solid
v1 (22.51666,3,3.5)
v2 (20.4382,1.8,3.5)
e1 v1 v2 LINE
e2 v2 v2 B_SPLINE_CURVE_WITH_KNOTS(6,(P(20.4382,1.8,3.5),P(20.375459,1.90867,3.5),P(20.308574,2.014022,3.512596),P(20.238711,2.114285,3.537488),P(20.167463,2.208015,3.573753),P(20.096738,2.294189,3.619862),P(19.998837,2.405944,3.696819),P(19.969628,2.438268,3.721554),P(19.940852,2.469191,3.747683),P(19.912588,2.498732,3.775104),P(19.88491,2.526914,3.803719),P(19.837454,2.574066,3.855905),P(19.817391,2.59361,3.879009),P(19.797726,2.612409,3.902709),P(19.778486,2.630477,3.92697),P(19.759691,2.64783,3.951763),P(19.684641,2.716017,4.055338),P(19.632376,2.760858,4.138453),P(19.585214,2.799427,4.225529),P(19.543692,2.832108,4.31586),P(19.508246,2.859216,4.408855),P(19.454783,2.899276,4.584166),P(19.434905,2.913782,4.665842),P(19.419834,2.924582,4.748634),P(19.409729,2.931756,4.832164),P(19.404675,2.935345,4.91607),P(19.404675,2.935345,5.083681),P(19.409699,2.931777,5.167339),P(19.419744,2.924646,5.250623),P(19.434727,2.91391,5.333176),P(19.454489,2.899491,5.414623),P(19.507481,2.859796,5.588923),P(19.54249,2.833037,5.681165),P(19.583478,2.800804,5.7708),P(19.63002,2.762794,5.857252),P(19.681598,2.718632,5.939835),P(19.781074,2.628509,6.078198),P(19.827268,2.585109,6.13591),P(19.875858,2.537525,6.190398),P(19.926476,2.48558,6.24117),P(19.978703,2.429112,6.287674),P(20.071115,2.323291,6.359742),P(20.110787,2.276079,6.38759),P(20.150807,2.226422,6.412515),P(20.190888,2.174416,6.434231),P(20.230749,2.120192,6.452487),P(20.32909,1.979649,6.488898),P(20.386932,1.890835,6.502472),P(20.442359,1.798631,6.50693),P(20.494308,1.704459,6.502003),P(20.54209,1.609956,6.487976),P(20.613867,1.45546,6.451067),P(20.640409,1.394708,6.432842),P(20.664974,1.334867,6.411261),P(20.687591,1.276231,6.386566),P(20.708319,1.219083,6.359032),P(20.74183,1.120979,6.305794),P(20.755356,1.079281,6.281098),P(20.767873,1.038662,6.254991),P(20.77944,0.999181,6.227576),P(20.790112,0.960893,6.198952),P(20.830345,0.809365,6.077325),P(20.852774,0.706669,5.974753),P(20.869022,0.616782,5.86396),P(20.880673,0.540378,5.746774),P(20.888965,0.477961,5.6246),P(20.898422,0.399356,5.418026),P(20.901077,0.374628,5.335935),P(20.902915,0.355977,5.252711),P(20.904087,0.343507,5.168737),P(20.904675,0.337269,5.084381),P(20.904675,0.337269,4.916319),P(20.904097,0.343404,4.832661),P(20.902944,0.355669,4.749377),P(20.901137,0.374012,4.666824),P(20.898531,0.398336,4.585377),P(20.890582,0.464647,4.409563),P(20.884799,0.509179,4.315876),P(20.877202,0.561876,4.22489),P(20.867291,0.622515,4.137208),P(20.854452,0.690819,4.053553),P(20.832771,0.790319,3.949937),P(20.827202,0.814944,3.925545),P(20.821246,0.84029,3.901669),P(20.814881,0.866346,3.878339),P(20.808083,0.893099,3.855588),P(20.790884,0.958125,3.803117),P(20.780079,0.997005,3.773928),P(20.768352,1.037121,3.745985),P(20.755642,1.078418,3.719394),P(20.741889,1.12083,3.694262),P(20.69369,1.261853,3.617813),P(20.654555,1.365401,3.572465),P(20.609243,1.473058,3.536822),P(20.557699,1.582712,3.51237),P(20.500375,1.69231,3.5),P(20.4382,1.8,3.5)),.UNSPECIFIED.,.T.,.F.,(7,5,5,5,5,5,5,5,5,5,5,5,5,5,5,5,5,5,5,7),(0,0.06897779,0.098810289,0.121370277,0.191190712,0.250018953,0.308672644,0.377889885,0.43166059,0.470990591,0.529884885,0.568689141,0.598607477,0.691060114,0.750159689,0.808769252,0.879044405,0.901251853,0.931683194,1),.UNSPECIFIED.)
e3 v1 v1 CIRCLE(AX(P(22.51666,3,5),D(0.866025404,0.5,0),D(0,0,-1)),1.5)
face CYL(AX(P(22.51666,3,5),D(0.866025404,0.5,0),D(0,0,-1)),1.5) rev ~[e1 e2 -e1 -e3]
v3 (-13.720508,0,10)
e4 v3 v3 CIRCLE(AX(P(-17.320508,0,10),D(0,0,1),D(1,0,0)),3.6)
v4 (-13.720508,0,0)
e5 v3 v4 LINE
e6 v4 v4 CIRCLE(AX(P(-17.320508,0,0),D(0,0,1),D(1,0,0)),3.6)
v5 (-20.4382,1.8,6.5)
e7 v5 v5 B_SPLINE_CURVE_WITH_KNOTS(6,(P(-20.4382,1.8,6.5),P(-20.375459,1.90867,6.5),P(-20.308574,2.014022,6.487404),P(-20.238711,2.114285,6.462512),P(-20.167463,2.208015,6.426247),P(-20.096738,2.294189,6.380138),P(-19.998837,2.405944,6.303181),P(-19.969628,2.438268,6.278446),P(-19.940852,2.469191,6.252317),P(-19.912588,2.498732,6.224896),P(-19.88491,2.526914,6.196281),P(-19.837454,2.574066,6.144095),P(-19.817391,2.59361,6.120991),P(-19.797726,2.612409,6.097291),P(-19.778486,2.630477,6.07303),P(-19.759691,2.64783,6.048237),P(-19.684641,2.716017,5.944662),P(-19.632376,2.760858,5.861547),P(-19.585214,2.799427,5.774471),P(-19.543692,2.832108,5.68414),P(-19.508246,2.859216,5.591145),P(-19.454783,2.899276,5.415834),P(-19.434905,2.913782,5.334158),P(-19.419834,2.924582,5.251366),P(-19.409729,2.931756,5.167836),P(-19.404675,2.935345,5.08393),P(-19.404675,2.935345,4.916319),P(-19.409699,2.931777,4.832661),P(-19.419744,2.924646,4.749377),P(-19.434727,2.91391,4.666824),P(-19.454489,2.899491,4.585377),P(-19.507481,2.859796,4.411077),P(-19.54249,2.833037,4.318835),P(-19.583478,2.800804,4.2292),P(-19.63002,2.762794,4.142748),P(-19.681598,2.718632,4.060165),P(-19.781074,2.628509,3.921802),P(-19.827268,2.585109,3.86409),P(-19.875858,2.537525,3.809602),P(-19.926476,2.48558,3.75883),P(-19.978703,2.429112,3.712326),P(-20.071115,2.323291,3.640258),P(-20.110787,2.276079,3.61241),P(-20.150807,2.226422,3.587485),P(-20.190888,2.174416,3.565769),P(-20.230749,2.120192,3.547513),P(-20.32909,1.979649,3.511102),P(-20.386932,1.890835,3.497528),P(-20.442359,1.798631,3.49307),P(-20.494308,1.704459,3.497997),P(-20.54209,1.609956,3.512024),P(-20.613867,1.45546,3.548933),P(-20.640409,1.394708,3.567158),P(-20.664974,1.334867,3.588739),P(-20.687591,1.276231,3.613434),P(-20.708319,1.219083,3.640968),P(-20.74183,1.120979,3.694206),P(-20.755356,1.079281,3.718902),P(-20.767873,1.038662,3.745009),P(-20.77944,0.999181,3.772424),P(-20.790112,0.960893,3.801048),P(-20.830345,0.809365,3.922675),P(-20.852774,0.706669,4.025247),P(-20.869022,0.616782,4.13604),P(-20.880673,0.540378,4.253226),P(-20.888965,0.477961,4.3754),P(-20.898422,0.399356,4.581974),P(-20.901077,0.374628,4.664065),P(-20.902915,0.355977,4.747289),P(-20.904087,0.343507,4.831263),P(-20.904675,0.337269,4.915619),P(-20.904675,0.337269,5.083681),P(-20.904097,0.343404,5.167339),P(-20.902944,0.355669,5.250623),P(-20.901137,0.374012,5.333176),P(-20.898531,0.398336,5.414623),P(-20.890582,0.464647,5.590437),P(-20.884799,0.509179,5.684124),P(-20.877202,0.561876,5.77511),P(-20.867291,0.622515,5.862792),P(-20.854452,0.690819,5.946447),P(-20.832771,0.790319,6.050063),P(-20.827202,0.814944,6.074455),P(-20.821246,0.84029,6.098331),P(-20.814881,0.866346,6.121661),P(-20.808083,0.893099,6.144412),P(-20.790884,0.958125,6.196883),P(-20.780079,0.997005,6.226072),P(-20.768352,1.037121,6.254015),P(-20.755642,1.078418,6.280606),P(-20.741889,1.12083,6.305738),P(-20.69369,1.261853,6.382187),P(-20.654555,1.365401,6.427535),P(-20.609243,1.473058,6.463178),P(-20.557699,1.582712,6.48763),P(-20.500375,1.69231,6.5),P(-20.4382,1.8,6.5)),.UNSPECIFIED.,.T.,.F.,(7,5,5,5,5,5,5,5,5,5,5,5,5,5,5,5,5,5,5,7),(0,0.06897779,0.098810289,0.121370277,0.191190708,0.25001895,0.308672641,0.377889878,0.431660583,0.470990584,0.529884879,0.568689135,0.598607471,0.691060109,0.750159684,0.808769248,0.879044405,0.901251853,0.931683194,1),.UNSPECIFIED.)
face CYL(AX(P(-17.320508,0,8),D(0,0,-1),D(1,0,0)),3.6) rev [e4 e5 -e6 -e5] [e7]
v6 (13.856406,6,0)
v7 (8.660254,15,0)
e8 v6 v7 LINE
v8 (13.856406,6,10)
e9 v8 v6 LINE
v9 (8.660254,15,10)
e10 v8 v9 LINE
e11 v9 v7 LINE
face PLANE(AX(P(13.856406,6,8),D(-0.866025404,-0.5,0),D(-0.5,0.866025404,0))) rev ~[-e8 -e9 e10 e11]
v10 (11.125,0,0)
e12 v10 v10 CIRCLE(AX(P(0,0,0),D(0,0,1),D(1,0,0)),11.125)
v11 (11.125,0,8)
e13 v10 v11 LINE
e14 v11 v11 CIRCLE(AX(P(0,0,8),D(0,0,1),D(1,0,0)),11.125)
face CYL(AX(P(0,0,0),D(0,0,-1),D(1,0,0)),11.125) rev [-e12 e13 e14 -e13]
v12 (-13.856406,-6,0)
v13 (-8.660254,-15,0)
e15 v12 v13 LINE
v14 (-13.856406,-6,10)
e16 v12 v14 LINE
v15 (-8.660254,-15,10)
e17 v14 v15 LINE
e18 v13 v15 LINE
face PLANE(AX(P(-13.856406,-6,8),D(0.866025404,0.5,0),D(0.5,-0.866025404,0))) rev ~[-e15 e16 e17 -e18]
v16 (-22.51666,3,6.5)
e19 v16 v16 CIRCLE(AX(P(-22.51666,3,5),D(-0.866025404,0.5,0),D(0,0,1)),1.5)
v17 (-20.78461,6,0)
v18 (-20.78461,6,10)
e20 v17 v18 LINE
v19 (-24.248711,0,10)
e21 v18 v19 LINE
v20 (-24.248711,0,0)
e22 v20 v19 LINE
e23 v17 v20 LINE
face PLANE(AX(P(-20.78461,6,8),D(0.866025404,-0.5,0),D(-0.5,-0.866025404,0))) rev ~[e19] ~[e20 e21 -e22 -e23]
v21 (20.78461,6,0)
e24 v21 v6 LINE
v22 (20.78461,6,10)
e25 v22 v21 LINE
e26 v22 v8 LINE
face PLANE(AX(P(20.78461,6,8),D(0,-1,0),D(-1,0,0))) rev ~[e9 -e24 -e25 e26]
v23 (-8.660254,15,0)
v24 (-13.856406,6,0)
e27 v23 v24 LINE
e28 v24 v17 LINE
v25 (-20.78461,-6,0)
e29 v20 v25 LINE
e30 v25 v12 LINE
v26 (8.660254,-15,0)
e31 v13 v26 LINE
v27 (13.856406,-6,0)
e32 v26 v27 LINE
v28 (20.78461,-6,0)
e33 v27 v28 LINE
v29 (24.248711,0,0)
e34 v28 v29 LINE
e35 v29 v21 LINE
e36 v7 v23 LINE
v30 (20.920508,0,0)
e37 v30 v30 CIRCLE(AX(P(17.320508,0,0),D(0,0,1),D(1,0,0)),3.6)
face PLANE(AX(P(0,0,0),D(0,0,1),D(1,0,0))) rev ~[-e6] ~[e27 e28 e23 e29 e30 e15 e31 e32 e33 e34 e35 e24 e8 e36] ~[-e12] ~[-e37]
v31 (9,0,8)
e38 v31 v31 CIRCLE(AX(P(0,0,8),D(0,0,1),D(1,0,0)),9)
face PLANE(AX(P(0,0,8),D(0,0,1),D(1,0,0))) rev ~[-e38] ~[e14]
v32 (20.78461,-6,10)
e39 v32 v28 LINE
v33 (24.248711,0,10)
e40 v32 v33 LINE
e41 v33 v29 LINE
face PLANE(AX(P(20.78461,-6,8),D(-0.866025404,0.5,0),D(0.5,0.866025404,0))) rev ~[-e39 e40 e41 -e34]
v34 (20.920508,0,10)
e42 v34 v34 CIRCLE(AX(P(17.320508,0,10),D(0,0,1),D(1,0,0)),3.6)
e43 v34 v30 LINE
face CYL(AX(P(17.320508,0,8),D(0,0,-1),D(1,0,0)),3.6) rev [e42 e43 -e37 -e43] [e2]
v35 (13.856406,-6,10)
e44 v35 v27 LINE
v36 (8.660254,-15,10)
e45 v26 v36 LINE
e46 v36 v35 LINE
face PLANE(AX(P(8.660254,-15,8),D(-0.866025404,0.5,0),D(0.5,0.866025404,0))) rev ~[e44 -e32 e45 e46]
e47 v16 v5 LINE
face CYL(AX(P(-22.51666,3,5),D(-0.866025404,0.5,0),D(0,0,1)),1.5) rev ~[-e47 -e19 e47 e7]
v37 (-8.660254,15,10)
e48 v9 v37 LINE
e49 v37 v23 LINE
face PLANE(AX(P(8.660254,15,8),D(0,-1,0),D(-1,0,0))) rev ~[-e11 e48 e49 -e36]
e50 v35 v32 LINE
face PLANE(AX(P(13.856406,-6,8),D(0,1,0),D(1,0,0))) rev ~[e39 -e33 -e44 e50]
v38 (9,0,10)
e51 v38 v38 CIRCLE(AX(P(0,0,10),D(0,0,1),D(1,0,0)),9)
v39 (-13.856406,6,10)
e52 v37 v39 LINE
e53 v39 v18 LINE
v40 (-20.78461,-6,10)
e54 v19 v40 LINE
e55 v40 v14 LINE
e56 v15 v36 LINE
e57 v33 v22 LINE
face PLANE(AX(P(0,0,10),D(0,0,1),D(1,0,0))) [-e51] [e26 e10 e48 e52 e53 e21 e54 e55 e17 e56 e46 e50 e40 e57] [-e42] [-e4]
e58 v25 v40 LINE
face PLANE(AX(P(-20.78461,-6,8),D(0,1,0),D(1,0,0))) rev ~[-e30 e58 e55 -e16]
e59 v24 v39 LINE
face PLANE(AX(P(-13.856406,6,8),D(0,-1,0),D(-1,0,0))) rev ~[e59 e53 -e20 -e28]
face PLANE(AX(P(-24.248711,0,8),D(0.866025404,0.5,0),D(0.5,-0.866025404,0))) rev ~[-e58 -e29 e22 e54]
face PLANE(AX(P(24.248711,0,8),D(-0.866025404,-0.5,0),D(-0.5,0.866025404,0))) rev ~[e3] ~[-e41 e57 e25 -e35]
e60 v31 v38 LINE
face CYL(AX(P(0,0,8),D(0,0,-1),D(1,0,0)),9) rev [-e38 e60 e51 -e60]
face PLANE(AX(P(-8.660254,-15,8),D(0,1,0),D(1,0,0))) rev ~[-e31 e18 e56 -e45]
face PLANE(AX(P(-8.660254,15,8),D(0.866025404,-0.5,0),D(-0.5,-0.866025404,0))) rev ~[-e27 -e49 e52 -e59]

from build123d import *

# Parameters (mm, degrees)
SKETCH3_R           = 11.125
SKETCH3_R_2         = 3.6
BOSS_EXTRUDE1_DEPTH = 8
SKETCH4_R           = 9
SKETCH4_R_2         = 3.6
BOSS_EXTRUDE3_DEPTH = 2
CUT_EXTRUDE1_REACH  = 51.5
SKETCH5_R           = 1.5
CUT_EXTRUDE2_REACH  = 51.5
SKETCH6_R           = 1.5


with BuildPart() as part:
    # Sketch3 → Boss-Extrude1 (new body)
    with BuildSketch(Plane.XY):
        Polygon((8.660254038, 15), (-8.660254038, 15), (-13.856406461, 6), (-20.784609691, 6), (-24.248711306, 0), (-20.784609691, -6), (-13.856406461, -6), (-8.660254038, -15), (8.660254038, -15), (13.856406461, -6), (20.784609691, -6), (24.248711306, 0), (20.784609691, 6), (13.856406461, 6), align=None)
        Circle(SKETCH3_R, mode=Mode.SUBTRACT)
        with Locations((17.320508076, 0)):
            Circle(SKETCH3_R_2, mode=Mode.SUBTRACT)
        with Locations((-17.320508076, 0)):
            Circle(SKETCH3_R_2, mode=Mode.SUBTRACT)
    extrude(amount=BOSS_EXTRUDE1_DEPTH)

    # Sketch4 → Boss-Extrude3 (add)
    with BuildSketch(Plane.XY.offset(8)):
        Polygon((-8.660254038, 15), (-13.856406461, 6), (-20.784609691, 6), (-24.248711306, 0), (-20.784609691, -6), (-13.856406461, -6), (-8.660254038, -15), (8.660254038, -15), (13.856406461, -6), (20.784609691, -6), (24.248711306, 0), (20.784609691, 6), (13.856406461, 6), (8.660254038, 15), align=None)
        Circle(SKETCH4_R, mode=Mode.SUBTRACT)
        with Locations((-17.320508076, 0)):
            Circle(SKETCH4_R_2, mode=Mode.SUBTRACT)
        with Locations((17.320508076, 0)):
            Circle(SKETCH4_R_2, mode=Mode.SUBTRACT)
    extrude(amount=BOSS_EXTRUDE3_DEPTH)

    # Sketch5 → Cut-Extrude1 (cut, up to next)
    with BuildSketch(Plane(origin=(-18.186533479, 10.5, 0), x_dir=(0, 0, 1), z_dir=(-0.866025404, 0.5, 0)), mode=Mode.PRIVATE) as cut_extrude1_sk1:
        with Locations((5, -8.660254038)):
            Circle(SKETCH5_R)
    cut_extrude1_tool1 = extrude(cut_extrude1_sk1.sketch, amount=-CUT_EXTRUDE1_REACH, mode=Mode.PRIVATE) & part.part
    add(cut_extrude1_tool1.solids().sort_by_distance((-22.51666, 3, 5))[0], mode=Mode.SUBTRACT)

    # Sketch6 → Cut-Extrude2 (cut, up to next)
    with BuildSketch(Plane(origin=(18.186533479, 10.5, 0), x_dir=(0, 0, -1), z_dir=(0.866025404, 0.5, 0)), mode=Mode.PRIVATE) as cut_extrude2_sk1:
        with Locations((-5, -8.660254038)):
            Circle(SKETCH6_R)
    cut_extrude2_tool1 = extrude(cut_extrude2_sk1.sketch, amount=-CUT_EXTRUDE2_REACH, mode=Mode.PRIVATE) & part.part
    add(cut_extrude2_tool1.solids().sort_by_distance((22.51666, 3, 5))[0], mode=Mode.SUBTRACT)


solid = part.part
